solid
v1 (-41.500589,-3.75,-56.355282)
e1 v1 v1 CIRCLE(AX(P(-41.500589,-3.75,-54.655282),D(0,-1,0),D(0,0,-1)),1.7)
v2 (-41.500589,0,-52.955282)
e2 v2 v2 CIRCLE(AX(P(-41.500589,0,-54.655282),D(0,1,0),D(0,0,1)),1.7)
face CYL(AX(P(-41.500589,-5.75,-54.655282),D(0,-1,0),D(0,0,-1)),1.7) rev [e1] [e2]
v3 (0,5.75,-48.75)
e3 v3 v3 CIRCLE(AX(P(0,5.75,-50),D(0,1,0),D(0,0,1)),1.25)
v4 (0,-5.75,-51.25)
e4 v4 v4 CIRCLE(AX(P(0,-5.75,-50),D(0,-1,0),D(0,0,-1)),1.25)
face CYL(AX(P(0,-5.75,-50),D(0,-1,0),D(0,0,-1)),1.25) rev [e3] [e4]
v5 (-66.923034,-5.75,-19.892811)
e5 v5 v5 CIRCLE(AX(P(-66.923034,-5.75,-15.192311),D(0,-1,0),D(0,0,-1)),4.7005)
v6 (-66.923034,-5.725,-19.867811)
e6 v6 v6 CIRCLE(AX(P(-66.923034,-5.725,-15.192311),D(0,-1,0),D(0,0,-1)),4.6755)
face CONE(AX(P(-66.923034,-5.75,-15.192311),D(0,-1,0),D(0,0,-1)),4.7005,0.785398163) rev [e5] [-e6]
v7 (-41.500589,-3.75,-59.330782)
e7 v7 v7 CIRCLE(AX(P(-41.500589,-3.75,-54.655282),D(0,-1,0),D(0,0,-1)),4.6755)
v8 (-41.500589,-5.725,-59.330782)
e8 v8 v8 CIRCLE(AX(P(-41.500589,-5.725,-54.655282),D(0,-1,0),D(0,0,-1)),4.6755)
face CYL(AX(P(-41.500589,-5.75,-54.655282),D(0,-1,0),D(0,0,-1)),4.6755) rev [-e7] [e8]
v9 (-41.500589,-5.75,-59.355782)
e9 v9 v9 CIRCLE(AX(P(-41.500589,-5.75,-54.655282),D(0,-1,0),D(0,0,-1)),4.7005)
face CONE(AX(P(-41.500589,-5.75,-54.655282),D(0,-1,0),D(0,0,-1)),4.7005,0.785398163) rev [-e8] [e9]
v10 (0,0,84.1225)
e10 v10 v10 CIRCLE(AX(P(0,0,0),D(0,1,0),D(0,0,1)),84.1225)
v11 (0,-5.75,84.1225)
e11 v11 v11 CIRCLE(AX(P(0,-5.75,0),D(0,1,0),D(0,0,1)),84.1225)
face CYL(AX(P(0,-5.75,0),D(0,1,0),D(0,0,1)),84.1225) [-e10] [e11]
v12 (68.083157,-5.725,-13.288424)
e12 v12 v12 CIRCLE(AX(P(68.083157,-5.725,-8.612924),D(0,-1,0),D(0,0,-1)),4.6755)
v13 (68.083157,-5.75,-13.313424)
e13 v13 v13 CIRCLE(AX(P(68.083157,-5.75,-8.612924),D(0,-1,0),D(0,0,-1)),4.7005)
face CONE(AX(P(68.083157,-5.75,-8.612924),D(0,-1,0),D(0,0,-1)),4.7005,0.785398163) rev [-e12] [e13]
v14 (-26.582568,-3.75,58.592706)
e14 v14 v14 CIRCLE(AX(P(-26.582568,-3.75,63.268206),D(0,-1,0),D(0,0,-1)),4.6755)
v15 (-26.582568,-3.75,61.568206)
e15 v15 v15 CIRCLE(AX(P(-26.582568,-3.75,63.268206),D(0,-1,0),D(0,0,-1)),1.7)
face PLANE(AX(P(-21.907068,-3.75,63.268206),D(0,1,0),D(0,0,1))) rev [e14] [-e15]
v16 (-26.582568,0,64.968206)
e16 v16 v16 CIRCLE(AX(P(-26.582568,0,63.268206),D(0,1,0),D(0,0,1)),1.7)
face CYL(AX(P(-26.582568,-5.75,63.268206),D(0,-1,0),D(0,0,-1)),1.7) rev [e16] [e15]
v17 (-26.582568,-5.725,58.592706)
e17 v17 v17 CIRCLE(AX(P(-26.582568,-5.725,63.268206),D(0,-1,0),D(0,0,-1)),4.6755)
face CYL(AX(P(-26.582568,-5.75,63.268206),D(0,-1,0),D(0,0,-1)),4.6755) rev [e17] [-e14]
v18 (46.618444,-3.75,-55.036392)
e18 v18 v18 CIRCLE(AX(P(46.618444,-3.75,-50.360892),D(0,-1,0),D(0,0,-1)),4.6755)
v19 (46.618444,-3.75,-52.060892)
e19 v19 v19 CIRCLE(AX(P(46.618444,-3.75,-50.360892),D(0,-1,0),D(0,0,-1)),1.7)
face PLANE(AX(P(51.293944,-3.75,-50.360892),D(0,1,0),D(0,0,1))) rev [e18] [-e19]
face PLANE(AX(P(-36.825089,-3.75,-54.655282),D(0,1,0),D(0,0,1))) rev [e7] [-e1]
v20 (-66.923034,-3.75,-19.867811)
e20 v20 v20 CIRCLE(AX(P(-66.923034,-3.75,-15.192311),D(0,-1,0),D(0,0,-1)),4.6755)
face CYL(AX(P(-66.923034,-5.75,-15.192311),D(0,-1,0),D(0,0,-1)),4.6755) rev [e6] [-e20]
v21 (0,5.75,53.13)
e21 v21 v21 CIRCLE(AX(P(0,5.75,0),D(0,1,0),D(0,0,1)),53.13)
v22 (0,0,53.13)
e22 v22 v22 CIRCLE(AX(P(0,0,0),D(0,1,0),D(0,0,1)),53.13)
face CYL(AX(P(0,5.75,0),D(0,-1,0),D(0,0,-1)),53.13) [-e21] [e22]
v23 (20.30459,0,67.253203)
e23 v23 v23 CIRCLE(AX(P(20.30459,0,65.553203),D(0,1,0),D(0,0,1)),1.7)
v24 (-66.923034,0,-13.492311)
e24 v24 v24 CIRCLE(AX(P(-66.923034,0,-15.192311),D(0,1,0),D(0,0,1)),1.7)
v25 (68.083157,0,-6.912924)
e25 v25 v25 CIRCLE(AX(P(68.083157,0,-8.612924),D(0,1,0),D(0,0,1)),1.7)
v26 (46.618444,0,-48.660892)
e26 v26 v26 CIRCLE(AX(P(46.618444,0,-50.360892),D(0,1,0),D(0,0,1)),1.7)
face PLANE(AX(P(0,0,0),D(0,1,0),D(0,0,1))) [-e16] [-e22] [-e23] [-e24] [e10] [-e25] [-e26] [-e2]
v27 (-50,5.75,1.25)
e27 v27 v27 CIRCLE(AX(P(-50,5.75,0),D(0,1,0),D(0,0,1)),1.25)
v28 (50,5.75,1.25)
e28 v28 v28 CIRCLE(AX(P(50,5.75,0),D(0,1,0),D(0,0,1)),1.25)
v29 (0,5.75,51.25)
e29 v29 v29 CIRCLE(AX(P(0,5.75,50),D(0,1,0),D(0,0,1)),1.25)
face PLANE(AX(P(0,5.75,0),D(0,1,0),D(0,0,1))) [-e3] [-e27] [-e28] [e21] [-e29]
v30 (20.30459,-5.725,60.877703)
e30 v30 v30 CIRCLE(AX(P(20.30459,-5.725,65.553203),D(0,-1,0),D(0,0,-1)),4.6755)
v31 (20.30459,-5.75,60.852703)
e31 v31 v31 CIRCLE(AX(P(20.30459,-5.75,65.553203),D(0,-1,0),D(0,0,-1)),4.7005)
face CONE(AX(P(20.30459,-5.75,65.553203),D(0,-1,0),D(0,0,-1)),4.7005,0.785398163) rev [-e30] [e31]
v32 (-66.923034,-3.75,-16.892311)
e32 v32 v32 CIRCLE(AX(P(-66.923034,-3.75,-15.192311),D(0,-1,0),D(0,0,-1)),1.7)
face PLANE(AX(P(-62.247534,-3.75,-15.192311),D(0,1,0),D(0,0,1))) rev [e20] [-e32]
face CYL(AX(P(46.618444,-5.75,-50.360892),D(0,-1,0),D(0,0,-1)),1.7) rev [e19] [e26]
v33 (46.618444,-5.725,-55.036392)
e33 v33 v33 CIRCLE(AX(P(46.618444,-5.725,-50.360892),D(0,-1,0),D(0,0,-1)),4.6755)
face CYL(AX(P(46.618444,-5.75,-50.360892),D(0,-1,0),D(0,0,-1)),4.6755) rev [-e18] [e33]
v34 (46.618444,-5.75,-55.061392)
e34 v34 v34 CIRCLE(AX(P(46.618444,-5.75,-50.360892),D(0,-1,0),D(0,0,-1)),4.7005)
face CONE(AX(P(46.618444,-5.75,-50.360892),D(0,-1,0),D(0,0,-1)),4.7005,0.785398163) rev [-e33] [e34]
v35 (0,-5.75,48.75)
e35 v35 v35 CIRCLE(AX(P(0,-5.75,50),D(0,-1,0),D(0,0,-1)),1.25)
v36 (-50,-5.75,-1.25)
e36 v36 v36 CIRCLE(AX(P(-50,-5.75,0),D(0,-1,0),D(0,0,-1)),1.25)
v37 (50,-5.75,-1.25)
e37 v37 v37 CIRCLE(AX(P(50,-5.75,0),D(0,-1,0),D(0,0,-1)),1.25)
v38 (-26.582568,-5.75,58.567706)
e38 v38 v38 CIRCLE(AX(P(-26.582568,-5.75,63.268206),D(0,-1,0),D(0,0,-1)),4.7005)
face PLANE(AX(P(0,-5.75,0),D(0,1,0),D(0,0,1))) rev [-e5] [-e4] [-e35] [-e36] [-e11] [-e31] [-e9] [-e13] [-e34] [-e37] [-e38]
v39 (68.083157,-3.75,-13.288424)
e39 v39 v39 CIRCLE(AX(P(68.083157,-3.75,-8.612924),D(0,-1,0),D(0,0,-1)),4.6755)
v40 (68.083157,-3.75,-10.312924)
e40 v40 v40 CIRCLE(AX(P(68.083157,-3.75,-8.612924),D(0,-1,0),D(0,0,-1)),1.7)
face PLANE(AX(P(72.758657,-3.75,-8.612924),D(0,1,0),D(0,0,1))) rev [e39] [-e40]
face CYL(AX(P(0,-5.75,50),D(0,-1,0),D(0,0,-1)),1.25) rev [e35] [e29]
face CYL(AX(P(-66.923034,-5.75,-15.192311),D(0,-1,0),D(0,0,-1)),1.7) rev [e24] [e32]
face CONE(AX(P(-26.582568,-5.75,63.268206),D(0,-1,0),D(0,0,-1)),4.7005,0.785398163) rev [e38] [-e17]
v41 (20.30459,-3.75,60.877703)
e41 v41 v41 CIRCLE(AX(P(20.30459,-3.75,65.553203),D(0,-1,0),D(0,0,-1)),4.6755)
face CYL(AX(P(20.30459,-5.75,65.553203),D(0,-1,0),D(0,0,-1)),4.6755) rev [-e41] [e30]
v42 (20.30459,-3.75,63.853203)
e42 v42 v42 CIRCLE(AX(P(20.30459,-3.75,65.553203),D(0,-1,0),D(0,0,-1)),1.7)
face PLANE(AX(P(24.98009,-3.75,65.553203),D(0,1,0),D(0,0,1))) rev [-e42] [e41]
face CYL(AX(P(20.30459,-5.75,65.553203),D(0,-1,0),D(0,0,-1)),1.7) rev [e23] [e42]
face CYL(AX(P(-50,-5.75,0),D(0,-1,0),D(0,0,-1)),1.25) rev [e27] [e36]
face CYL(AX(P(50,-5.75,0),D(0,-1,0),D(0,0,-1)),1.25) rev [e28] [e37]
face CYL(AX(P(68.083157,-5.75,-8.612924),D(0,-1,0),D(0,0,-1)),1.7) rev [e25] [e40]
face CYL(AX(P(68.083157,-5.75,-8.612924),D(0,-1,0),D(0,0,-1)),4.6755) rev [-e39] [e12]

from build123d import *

# Parameters (mm, degrees)
ESQUISSE1_R                                = 84.1225
BOSS_EXTRU_1_DEPTH                         = 5.75
ESQUISSE2_R                                = 53.13
BOSS_EXTRU_2_DEPTH                         = 5.75
TROU_TARAUD_M31_D                          = 2.5
TROU_TARAUD_M31_DEPTH                      = 12.5
TROU_TARAUD_M31_TIP                        = 0.751075774
CHAMBRAGE_POUR_VIS_T_TE_HEXAGONALE_2_COUNT = 2
CHAMBRAGE_POUR_VIS_T_TE_HEXAGONALE_2_PITCH = 46.9428037
CHAMBRAGE_POUR_VIS_T_TE_HEXAGONALE_3_COUNT = 2
CHAMBRAGE_POUR_VIS_T_TE_HEXAGONALE_3_PITCH = 118.863351538
CHAMBRAGE_POUR_VIS_T_TE_HEXAGONALE_4_COUNT = 2
CHAMBRAGE_POUR_VIS_T_TE_HEXAGONALE_4_PITCH = 135.166416173
CHAMBRAGE_POUR_VIS_T_TE_HEXAGONALE_5_COUNT = 2
CHAMBRAGE_POUR_VIS_T_TE_HEXAGONALE_5_PITCH = 118.863351538
CHAMBRAGE_POUR_VIS_T_TE_HEXAGONALE_6_COUNT = 2
CHAMBRAGE_POUR_VIS_T_TE_HEXAGONALE_6_PITCH = 88.223612472


with BuildPart() as part:
    # Esquisse1 → Boss.-Extru.1 (new body)
    with BuildSketch(Plane(origin=(0, 0, 0), x_dir=(1, 0, 0), z_dir=(0, 1, 0))):
        Circle(ESQUISSE1_R)
    extrude(amount=-BOSS_EXTRU_1_DEPTH)

    # Esquisse2 → Boss.-Extru.2 (add)
    with BuildSketch(Plane(origin=(0, 0, 0), x_dir=(1, 0, 0), z_dir=(0, 1, 0))):
        Circle(ESQUISSE2_R)
    extrude(amount=BOSS_EXTRU_2_DEPTH)

    # Trou taraudé M31
    with Locations(Plane(origin=(0, -5.75, -50), x_dir=(0, 0, -1), z_dir=(0, -1, 0))):
        with Locations((0, 0), (-50, -50), (-100, 0), (-50, 50)):
            Hole(TROU_TARAUD_M31_D / 2, depth=TROU_TARAUD_M31_DEPTH)
            with Locations((0, 0, -(TROU_TARAUD_M31_DEPTH + TROU_TARAUD_M31_TIP / 2))):  # 118° drill point
                Cone(0, TROU_TARAUD_M31_D / 2, TROU_TARAUD_M31_TIP, mode=Mode.SUBTRACT)

    # Esquisse7 → Chambrage pour vis à tête hexagonale M31 (revolve, cut)
    with BuildSketch(Plane(origin=(-26.582568127, -5.75, 63.268205691), x_dir=(0, 0, -1), z_dir=(1, 0, 0))):
        Polygon((0, 0), (0, 11.5), (1.7, 11.5), (1.7, 2), (4.6755, 2), (4.6755, 0.025), (4.7005, 0), align=None)
    chambrage_pour_vis_t_te_hexagonale_m31 = revolve(axis=Axis((-26.582568127, -12.1, 63.268205691), (0, 1, 0)), mode=Mode.SUBTRACT)

    # Chambrage pour vis _ t_te hexagonale 2: Chambrage pour vis à tête hexagonale M31 ×2
    with Locations(*[Vector(0.998814611, 0, 0.048676196) * (i * CHAMBRAGE_POUR_VIS_T_TE_HEXAGONALE_2_PITCH) for i in range(1, CHAMBRAGE_POUR_VIS_T_TE_HEXAGONALE_2_COUNT)]):
        add(chambrage_pour_vis_t_te_hexagonale_m31, mode=Mode.SUBTRACT)

    # Chambrage pour vis _ t_te hexagonale 3: Chambrage pour vis à tête hexagonale M31 ×2
    with Locations(*[Vector(0.796424839, 0, -0.604737527) * (i * CHAMBRAGE_POUR_VIS_T_TE_HEXAGONALE_3_PITCH) for i in range(1, CHAMBRAGE_POUR_VIS_T_TE_HEXAGONALE_3_COUNT)]):
        add(chambrage_pour_vis_t_te_hexagonale_m31, mode=Mode.SUBTRACT)

    # Chambrage pour vis _ t_te hexagonale 4: Chambrage pour vis à tête hexagonale M31 ×2
    with Locations(*[Vector(0.541562128, 0, -0.840660729) * (i * CHAMBRAGE_POUR_VIS_T_TE_HEXAGONALE_4_PITCH) for i in range(1, CHAMBRAGE_POUR_VIS_T_TE_HEXAGONALE_4_COUNT)]):
        add(chambrage_pour_vis_t_te_hexagonale_m31, mode=Mode.SUBTRACT)

    # Chambrage pour vis _ t_te hexagonale 5: Chambrage pour vis à tête hexagonale M31 ×2
    with Locations(*[Vector(-0.125505642, 0, -0.992092906) * (i * CHAMBRAGE_POUR_VIS_T_TE_HEXAGONALE_5_PITCH) for i in range(1, CHAMBRAGE_POUR_VIS_T_TE_HEXAGONALE_5_COUNT)]):
        add(chambrage_pour_vis_t_te_hexagonale_m31, mode=Mode.SUBTRACT)

    # Chambrage pour vis _ t_te hexagonale 6: Chambrage pour vis à tête hexagonale M31 ×2
    with Locations(*[Vector(-0.457252483, 0, -0.889336925) * (i * CHAMBRAGE_POUR_VIS_T_TE_HEXAGONALE_6_PITCH) for i in range(1, CHAMBRAGE_POUR_VIS_T_TE_HEXAGONALE_6_COUNT)]):
        add(chambrage_pour_vis_t_te_hexagonale_m31, mode=Mode.SUBTRACT)


solid = part.part
